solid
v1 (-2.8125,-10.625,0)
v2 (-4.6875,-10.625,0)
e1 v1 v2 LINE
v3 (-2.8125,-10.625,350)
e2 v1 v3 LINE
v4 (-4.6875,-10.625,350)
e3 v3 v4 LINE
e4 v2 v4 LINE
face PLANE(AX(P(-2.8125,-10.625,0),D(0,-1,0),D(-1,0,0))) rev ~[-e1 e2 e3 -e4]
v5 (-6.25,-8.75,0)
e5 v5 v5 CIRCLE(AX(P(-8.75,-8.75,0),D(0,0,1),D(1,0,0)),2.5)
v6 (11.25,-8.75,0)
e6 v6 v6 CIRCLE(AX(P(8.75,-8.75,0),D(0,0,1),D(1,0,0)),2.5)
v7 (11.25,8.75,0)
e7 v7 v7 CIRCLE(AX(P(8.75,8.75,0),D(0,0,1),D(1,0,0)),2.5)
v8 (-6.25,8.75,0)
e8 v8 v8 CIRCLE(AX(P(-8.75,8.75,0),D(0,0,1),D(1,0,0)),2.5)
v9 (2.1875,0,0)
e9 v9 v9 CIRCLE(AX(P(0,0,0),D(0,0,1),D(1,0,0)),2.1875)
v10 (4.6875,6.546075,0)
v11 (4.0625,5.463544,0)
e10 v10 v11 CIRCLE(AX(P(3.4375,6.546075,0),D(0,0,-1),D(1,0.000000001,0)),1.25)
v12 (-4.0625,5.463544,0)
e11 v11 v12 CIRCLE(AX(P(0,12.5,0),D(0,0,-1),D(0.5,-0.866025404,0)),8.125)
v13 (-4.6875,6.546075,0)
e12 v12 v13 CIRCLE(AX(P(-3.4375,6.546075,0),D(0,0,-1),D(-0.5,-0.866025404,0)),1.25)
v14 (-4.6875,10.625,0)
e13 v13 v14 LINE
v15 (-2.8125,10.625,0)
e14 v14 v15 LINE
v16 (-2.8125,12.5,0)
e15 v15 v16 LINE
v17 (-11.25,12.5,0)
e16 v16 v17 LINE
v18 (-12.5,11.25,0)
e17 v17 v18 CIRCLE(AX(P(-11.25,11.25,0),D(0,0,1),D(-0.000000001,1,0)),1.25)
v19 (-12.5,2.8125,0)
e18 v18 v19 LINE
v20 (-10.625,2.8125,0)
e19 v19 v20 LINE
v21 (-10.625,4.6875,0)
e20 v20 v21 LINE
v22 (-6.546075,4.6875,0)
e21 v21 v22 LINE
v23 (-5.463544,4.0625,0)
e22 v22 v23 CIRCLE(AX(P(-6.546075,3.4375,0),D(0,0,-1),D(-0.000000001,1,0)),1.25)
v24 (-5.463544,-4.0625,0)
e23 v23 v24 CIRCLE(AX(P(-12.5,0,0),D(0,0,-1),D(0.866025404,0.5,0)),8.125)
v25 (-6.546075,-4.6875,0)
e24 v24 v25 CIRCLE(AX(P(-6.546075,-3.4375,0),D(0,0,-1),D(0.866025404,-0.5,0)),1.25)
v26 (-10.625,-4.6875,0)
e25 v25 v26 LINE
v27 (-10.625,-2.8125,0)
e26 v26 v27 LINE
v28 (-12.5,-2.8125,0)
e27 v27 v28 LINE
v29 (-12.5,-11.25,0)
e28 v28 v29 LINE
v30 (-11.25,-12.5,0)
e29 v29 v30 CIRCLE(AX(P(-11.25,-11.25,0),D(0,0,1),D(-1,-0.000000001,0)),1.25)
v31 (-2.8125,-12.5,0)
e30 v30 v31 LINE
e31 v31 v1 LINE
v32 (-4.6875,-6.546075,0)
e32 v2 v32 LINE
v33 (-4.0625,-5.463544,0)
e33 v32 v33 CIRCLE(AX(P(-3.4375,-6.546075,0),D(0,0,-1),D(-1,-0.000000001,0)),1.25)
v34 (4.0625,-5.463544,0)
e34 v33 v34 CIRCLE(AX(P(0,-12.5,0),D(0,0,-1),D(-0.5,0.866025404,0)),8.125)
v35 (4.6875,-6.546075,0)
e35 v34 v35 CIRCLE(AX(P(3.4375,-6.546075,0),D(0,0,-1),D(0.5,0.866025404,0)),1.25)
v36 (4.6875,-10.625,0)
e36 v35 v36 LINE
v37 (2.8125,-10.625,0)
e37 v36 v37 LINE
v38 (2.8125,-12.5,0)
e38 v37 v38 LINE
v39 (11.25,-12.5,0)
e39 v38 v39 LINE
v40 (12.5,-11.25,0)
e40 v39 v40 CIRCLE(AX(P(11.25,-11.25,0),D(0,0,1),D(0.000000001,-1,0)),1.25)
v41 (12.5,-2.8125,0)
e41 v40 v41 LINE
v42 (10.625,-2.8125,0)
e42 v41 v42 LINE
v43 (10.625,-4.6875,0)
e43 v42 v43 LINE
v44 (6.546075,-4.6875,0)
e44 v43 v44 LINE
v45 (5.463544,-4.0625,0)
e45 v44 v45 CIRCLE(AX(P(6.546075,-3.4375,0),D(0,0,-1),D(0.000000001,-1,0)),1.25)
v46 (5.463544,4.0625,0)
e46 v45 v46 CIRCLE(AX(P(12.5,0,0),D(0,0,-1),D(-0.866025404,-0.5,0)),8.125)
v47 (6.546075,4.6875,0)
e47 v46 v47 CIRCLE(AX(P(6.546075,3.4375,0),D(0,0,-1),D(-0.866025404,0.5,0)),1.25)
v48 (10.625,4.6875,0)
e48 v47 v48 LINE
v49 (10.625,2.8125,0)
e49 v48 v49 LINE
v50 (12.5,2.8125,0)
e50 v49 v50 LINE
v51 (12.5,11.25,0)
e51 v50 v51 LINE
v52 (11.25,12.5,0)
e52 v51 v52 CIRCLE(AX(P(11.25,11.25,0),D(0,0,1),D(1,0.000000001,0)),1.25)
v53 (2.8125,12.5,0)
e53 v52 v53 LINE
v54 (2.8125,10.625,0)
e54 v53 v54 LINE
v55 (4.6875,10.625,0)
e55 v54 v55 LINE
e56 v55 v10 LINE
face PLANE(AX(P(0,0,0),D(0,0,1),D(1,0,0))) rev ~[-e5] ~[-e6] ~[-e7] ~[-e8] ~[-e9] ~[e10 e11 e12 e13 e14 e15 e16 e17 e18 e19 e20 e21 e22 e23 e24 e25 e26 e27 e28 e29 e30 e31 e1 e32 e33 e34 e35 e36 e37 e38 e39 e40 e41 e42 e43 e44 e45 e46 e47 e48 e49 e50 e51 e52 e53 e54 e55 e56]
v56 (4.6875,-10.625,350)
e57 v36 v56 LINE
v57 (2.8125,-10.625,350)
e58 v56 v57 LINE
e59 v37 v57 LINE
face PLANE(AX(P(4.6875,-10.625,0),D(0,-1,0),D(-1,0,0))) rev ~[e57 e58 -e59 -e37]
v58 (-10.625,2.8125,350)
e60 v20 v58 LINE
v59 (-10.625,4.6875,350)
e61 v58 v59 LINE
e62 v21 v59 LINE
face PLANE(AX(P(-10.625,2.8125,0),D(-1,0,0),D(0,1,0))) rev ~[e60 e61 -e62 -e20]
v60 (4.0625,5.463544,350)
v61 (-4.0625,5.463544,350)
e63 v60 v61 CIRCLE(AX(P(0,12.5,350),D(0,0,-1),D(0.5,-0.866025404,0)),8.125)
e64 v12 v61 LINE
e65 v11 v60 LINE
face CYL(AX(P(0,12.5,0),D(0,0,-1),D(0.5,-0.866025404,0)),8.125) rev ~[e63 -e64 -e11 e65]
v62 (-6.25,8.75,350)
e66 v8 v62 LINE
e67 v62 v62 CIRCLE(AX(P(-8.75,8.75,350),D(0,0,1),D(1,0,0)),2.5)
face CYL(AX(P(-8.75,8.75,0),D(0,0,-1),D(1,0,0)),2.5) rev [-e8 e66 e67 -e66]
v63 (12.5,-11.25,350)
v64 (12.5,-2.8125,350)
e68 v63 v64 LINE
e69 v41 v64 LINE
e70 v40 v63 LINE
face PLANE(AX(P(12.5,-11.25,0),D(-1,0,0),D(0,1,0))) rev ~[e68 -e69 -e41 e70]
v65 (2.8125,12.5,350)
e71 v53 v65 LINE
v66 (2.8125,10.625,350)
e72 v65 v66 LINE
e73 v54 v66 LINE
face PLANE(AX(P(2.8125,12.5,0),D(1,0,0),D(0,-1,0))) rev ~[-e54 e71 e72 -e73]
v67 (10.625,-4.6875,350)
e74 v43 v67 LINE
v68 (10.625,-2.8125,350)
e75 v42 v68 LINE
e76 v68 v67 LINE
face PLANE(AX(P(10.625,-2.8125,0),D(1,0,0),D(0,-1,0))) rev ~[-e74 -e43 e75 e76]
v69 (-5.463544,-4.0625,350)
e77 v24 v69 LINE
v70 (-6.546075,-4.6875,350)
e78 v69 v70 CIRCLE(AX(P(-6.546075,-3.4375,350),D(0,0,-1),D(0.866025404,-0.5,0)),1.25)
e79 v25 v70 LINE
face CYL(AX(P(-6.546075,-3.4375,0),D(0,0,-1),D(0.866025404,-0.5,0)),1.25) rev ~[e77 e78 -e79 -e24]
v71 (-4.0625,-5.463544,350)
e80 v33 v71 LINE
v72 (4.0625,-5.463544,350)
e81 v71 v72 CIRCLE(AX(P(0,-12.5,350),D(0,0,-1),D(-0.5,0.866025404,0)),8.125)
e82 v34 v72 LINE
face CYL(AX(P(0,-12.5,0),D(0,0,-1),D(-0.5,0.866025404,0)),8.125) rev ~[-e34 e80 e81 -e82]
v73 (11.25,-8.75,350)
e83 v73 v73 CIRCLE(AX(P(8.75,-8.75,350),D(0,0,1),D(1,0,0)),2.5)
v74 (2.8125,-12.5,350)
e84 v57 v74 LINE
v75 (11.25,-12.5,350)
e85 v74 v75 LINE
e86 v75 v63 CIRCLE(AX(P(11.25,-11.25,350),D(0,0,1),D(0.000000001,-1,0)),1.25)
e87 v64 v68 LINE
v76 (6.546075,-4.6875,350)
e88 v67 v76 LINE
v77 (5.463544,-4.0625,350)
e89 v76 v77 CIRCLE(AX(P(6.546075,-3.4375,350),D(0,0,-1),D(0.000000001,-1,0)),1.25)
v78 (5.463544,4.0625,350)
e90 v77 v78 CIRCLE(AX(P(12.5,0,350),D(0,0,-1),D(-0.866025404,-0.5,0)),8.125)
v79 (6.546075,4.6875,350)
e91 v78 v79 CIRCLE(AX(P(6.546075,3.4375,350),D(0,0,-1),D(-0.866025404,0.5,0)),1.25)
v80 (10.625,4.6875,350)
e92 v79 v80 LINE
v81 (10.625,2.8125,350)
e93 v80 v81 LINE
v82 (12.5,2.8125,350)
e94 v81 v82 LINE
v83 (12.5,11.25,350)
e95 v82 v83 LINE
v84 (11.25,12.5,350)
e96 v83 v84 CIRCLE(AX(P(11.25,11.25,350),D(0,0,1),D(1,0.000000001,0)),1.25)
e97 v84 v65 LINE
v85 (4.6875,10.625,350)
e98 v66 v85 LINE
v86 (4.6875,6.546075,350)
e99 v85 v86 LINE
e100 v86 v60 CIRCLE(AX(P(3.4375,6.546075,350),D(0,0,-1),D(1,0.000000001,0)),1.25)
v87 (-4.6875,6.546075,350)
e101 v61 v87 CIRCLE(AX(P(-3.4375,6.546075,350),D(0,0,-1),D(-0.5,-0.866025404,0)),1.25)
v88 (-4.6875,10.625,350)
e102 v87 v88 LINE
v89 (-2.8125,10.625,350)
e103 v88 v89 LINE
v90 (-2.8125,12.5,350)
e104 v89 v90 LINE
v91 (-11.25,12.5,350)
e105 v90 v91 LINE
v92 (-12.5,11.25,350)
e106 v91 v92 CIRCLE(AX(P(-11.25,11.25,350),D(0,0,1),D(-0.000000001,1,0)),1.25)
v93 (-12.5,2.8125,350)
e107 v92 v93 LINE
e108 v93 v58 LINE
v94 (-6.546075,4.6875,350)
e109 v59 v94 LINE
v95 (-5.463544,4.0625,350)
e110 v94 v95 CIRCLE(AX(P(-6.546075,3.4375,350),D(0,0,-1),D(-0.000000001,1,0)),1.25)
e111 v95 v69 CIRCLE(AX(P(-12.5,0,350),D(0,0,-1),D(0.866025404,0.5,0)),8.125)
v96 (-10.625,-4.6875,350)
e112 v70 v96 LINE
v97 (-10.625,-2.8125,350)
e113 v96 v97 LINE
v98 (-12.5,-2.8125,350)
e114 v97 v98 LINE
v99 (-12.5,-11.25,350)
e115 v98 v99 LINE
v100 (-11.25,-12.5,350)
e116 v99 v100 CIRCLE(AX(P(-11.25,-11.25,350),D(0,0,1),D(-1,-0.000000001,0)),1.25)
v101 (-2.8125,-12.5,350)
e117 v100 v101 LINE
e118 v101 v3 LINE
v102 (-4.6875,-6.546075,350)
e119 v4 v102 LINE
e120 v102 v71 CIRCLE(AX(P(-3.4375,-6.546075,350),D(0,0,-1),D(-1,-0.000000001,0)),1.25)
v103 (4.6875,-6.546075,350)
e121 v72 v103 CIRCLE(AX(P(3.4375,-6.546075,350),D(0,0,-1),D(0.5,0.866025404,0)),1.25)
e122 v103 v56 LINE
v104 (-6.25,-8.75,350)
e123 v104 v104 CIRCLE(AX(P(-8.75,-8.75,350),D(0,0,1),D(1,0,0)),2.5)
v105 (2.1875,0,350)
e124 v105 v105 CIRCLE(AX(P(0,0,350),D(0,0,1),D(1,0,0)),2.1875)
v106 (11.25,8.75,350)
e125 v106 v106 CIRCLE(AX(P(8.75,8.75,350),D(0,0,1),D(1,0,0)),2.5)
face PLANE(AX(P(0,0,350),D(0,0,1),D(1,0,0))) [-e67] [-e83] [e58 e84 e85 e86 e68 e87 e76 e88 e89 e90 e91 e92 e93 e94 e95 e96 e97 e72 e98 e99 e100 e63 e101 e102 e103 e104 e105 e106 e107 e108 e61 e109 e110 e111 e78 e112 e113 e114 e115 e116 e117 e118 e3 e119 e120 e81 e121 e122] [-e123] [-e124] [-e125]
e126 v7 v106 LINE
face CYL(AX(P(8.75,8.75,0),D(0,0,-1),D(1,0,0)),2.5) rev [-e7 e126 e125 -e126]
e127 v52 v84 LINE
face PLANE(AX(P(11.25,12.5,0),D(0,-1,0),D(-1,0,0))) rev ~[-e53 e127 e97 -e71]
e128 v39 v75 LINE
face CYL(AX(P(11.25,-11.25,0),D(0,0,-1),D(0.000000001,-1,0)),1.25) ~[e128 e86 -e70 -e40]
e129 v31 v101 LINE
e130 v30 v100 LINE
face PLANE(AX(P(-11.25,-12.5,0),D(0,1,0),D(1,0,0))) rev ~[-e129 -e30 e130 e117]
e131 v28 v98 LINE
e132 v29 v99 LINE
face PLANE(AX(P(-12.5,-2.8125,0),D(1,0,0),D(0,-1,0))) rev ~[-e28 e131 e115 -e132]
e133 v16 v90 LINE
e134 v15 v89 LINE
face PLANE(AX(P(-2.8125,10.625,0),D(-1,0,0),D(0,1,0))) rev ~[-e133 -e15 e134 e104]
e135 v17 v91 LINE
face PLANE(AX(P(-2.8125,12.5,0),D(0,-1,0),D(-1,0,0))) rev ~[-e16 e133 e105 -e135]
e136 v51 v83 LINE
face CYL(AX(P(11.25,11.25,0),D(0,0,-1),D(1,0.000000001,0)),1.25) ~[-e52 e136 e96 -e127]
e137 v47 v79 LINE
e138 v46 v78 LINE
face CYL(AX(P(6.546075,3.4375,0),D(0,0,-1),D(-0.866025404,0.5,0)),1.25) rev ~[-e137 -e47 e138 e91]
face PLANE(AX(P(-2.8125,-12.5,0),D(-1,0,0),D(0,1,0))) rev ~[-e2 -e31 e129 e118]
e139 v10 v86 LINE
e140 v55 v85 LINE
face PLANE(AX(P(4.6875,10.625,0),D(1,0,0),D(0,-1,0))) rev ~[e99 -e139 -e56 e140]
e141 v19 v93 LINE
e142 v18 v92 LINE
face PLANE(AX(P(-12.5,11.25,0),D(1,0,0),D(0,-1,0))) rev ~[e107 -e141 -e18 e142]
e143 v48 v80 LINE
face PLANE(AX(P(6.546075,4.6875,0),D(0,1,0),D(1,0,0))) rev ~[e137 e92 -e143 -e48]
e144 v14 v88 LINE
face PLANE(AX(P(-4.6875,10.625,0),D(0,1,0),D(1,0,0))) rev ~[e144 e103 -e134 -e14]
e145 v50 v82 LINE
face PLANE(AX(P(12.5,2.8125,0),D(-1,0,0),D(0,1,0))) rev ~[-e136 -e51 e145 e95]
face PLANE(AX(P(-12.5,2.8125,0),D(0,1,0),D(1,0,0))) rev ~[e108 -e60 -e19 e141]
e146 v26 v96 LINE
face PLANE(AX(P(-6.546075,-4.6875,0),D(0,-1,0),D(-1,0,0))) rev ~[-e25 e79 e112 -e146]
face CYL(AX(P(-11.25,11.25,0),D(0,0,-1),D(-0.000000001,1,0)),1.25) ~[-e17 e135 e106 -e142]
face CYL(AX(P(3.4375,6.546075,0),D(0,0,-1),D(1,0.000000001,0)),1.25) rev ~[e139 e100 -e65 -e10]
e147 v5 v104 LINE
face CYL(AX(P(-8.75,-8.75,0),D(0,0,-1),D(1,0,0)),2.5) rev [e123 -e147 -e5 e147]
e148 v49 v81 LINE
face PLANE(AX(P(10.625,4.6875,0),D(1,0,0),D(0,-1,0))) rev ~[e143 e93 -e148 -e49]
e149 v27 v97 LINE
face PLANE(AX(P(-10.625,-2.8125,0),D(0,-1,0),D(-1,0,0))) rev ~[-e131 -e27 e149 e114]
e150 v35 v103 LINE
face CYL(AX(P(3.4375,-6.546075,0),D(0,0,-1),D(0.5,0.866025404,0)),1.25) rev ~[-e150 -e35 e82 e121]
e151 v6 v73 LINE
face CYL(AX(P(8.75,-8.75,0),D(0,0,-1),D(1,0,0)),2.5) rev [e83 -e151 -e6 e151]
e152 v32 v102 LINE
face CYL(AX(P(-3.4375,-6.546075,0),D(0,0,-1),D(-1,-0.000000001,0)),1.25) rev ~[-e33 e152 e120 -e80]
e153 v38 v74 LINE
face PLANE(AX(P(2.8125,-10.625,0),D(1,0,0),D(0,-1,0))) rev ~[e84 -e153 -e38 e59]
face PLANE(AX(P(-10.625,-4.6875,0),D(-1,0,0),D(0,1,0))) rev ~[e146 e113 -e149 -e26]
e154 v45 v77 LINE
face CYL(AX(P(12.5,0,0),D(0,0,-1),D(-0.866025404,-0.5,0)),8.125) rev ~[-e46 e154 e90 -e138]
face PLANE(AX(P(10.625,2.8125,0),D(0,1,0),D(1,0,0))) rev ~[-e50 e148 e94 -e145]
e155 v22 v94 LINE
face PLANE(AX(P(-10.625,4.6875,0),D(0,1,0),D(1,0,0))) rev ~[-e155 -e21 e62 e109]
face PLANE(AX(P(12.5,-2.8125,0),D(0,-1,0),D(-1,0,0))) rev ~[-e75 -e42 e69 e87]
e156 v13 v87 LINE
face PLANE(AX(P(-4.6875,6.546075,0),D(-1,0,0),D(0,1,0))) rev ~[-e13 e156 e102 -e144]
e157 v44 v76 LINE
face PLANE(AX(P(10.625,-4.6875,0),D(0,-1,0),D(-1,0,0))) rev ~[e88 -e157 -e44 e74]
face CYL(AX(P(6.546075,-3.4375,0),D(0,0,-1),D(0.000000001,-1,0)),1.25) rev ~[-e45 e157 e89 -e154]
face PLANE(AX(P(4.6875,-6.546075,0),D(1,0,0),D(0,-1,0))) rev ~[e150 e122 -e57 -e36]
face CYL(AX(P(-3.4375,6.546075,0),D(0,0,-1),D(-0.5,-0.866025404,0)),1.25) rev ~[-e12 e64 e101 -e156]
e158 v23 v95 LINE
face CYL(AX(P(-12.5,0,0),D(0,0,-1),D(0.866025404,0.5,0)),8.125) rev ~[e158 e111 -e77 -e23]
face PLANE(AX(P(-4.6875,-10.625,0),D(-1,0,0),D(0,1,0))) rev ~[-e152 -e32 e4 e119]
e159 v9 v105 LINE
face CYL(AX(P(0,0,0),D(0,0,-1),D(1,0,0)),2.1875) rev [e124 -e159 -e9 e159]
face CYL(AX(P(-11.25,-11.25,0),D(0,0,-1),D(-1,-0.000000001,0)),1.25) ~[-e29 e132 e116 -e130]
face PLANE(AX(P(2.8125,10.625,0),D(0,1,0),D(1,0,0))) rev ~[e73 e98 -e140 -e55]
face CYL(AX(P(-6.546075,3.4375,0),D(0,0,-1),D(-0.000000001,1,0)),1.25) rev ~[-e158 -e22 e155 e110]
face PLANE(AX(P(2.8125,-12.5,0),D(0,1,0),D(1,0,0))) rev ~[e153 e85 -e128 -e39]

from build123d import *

# Parameters (mm, degrees)
SKETCH1_R           = 2.5
SKETCH1_R_2         = 2.1875
BOSS_EXTRUDE1_DEPTH = 350


with BuildPart() as part:
    # Sketch1 → Boss-Extrude1 (new body)
    with BuildSketch(Plane.XY):
        with BuildLine():
            Line((-12.5, 11.25), (-12.5, 2.8125))
            Line((-12.5, 2.8125), (-10.625, 2.8125))
            Line((-10.625, 2.8125), (-10.625, 4.6875))
            Line((-10.625, 4.6875), (-6.546075349, 4.6875))
            ThreePointArc((-6.546075349, 4.6875), (-5.921075349, 4.520031755), (-5.463543594, 4.0625))
            ThreePointArc((-5.463543594, 4.0625), (-4.375, 0), (-5.463543594, -4.0625))
            ThreePointArc((-5.463543594, -4.0625), (-5.921075349, -4.520031755), (-6.546075349, -4.6875))
            Line((-6.546075349, -4.6875), (-10.625, -4.6875))
            Line((-10.625, -4.6875), (-10.625, -2.8125))
            Line((-10.625, -2.8125), (-12.5, -2.8125))
            Line((-12.5, -2.8125), (-12.5, -11.25))
            ThreePointArc((-12.5, -11.25), (-12.133883476, -12.133883476), (-11.25, -12.5))
            Line((-11.25, -12.5), (-2.8125, -12.5))
            Line((-2.8125, -12.5), (-2.8125, -10.625))
            Line((-2.8125, -10.625), (-4.6875, -10.625))
            Line((-4.6875, -10.625), (-4.6875, -6.546075349))
            ThreePointArc((-4.6875, -6.546075349), (-4.520031755, -5.921075349), (-4.0625, -5.463543594))
            ThreePointArc((-4.0625, -5.463543594), (0, -4.375), (4.0625, -5.463543594))
            ThreePointArc((4.0625, -5.463543594), (4.520031755, -5.921075349), (4.6875, -6.546075349))
            Line((4.6875, -6.546075349), (4.6875, -10.625))
            Line((4.6875, -10.625), (2.8125, -10.625))
            Line((2.8125, -10.625), (2.8125, -12.5))
            Line((2.8125, -12.5), (11.25, -12.5))
            ThreePointArc((11.25, -12.5), (12.133883476, -12.133883476), (12.5, -11.25))
            Line((12.5, -11.25), (12.5, -2.8125))
            Line((12.5, -2.8125), (10.625, -2.8125))
            Line((10.625, -2.8125), (10.625, -4.6875))
            Line((10.625, -4.6875), (6.546075349, -4.6875))
            ThreePointArc((6.546075349, -4.6875), (5.921075349, -4.520031755), (5.463543594, -4.0625))
            ThreePointArc((5.463543594, -4.0625), (4.375, 0), (5.463543594, 4.0625))
            ThreePointArc((5.463543594, 4.0625), (5.921075349, 4.520031755), (6.546075349, 4.6875))
            Line((6.546075349, 4.6875), (10.625, 4.6875))
            Line((10.625, 4.6875), (10.625, 2.8125))
            Line((10.625, 2.8125), (12.5, 2.8125))
            Line((12.5, 2.8125), (12.5, 11.25))
            ThreePointArc((12.5, 11.25), (12.133883476, 12.133883476), (11.25, 12.5))
            Line((11.25, 12.5), (2.8125, 12.5))
            Line((2.8125, 12.5), (2.8125, 10.625))
            Line((2.8125, 10.625), (4.6875, 10.625))
            Line((4.6875, 10.625), (4.6875, 6.546075349))
            ThreePointArc((4.6875, 6.546075349), (4.520031755, 5.921075349), (4.0625, 5.463543594))
            ThreePointArc((4.0625, 5.463543594), (0, 4.375), (-4.0625, 5.463543594))
            ThreePointArc((-4.0625, 5.463543594), (-4.520031755, 5.921075349), (-4.6875, 6.546075349))
            Line((-4.6875, 6.546075349), (-4.6875, 10.625))
            Line((-4.6875, 10.625), (-2.8125, 10.625))
            Line((-2.8125, 10.625), (-2.8125, 12.5))
            Line((-2.8125, 12.5), (-11.25, 12.5))
            ThreePointArc((-11.25, 12.5), (-12.133883476, 12.133883476), (-12.5, 11.25))
        make_face()
        with Locations((-8.75, -8.75)):
            Circle(SKETCH1_R, mode=Mode.SUBTRACT)
        with Locations((8.75, -8.75)):
            Circle(SKETCH1_R, mode=Mode.SUBTRACT)
        with Locations((8.75, 8.75)):
            Circle(SKETCH1_R, mode=Mode.SUBTRACT)
        Circle(SKETCH1_R_2, mode=Mode.SUBTRACT)
        with Locations((-8.75, 8.75)):
            Circle(SKETCH1_R, mode=Mode.SUBTRACT)
    extrude(amount=BOSS_EXTRUDE1_DEPTH)


solid = part.part
